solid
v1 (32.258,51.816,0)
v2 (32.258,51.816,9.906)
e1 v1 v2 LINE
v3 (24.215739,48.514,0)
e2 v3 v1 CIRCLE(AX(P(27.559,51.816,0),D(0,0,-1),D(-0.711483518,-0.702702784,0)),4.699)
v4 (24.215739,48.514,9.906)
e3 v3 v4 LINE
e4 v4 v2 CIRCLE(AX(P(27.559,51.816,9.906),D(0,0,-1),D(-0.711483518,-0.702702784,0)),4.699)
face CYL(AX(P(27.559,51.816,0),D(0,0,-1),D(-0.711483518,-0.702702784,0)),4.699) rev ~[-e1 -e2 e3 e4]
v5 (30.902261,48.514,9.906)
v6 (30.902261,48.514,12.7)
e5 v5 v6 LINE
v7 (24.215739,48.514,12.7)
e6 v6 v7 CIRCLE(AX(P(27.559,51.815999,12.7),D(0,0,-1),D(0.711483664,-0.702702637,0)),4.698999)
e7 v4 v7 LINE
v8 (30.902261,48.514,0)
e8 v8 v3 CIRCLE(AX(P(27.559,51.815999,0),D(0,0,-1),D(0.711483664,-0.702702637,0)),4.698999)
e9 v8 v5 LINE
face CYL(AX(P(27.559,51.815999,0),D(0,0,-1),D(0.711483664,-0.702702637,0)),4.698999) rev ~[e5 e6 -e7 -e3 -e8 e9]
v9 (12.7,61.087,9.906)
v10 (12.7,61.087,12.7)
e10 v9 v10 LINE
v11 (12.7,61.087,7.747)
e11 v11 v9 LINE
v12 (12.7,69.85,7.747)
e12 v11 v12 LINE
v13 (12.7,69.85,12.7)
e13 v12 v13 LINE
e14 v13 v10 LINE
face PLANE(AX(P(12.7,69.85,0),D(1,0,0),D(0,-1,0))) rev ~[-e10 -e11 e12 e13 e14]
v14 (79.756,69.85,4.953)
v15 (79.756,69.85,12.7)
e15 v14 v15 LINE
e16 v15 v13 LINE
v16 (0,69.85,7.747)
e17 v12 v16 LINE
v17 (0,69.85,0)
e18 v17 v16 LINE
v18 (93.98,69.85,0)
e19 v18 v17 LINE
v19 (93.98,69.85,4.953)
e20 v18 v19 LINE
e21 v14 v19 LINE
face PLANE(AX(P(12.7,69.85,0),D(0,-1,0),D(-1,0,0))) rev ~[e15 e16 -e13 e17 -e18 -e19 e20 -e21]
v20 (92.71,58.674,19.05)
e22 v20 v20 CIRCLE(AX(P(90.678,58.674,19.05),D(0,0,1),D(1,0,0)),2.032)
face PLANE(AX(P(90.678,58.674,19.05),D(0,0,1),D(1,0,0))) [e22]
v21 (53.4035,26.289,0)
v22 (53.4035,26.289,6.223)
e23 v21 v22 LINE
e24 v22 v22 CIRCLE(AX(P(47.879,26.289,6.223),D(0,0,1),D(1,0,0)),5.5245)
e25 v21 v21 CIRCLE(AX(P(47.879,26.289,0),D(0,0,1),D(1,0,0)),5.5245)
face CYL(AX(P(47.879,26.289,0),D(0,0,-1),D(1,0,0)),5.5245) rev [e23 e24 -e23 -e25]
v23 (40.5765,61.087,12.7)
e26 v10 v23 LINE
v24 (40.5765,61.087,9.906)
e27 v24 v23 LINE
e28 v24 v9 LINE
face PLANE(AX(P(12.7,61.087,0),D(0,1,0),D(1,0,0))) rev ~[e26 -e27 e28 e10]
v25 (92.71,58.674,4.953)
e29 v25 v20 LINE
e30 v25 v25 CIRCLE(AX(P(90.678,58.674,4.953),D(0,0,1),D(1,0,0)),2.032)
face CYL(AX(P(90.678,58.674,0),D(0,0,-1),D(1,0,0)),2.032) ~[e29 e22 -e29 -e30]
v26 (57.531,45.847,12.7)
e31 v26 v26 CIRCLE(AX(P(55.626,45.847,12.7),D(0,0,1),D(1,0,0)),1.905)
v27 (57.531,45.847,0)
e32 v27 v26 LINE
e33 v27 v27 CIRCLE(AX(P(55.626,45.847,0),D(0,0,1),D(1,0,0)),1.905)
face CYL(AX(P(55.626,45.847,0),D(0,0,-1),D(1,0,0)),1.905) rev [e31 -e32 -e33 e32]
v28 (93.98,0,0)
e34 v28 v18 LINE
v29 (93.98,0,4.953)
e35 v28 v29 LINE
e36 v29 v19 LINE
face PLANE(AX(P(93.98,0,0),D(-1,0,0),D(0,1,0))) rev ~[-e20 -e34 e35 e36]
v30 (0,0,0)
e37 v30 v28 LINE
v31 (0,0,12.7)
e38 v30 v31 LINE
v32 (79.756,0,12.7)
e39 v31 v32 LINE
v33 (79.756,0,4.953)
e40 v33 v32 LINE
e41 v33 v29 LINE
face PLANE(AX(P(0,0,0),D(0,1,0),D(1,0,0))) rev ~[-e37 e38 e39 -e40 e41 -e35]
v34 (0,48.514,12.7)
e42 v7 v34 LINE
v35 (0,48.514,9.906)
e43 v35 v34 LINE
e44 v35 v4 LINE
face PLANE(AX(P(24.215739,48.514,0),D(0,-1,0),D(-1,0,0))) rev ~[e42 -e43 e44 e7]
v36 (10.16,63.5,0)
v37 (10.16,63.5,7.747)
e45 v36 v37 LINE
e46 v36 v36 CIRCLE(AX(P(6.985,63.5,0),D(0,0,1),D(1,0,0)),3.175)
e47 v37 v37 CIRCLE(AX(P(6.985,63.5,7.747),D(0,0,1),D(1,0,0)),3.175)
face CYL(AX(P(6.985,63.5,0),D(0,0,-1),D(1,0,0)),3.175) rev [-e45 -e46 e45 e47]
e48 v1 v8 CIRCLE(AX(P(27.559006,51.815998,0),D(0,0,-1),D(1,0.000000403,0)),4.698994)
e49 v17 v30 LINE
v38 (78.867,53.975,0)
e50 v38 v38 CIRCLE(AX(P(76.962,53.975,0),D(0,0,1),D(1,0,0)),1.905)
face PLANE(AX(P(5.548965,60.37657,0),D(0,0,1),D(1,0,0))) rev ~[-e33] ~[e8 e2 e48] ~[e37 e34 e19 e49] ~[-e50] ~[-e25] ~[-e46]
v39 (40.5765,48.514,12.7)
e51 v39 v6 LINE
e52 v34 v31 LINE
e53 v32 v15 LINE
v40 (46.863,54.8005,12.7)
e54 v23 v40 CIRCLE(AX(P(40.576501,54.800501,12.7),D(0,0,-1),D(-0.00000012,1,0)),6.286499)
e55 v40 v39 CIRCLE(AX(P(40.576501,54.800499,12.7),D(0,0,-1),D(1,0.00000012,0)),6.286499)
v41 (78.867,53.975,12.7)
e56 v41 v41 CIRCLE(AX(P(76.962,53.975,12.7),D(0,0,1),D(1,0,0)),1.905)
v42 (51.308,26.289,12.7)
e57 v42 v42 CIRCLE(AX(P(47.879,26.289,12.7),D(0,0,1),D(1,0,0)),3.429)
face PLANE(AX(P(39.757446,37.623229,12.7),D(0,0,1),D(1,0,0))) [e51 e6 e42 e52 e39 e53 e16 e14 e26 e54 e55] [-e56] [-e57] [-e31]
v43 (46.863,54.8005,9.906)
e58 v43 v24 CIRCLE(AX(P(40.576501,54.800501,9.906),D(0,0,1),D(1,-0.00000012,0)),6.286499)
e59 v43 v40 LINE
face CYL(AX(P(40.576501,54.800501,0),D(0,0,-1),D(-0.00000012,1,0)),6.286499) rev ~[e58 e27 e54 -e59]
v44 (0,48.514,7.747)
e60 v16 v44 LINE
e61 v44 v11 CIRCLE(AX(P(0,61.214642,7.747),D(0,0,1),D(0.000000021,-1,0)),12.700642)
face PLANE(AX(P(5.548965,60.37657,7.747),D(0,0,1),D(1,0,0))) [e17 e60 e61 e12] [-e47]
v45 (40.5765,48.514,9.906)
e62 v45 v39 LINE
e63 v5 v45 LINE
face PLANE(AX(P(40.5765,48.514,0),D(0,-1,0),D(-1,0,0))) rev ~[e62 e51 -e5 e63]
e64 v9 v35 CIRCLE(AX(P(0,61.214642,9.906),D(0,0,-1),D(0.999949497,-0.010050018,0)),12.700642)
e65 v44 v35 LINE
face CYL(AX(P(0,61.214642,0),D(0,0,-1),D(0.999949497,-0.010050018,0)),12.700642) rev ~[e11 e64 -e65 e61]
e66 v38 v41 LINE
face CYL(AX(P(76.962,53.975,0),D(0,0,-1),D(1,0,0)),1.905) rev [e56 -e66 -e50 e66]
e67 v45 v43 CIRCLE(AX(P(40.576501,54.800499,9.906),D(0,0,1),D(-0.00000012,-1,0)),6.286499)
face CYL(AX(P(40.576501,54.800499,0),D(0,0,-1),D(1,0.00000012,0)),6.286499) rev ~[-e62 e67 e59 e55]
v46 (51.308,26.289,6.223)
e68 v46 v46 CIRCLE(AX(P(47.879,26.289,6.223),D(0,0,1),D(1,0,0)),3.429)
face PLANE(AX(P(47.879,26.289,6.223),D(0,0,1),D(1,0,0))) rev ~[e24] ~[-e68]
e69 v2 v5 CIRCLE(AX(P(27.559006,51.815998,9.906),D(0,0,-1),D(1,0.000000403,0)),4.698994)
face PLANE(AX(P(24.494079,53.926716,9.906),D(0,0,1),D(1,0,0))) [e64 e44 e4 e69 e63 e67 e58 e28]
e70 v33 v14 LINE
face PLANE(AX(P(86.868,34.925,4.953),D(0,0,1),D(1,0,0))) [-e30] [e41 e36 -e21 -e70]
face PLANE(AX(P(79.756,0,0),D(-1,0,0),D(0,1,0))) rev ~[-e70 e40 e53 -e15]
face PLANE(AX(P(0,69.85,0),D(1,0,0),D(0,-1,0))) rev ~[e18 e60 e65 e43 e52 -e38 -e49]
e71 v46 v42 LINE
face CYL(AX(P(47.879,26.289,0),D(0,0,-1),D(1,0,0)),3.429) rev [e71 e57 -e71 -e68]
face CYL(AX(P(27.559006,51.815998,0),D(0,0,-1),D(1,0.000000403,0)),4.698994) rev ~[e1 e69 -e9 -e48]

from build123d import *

# Parameters (mm, degrees)
F0_W     = 14.224
F0_H     = 69.85
F0_R     = 2.032
F1_DEPTH = 4.953
F0_R_2   = 3.429
F0_R_3   = 1.905
F2_DEPTH = 12.7
F3_DEPTH = 9.906
F0_R_4   = 3.175
F4_DEPTH = 7.747
F5_DEPTH = 19.05
F6_R     = 5.5245
F6_R_2   = 3.429
F7_DEPTH = 6.223


with BuildPart() as f1:
    # F0 (on Top) → F1 (new body)
    with BuildSketch(Plane.XY):
        with Locations((86.868, 34.925)):
            Rectangle(F0_W, F0_H)
        with Locations((90.678, 58.674)):
            Circle(F0_R, mode=Mode.SUBTRACT)
    extrude(amount=F1_DEPTH)

    # F0 (on Top) → F2 (join)
    with BuildSketch(Plane.XY):
        with BuildLine():
            Line((0, 48.514), (0, 0))
            Line((0, 0), (79.756, 0))
            Line((79.756, 0), (79.756, 69.85))
            Line((79.756, 69.85), (12.7, 69.85))
            Line((12.7, 69.85), (12.7, 61.087))
            Line((12.7, 61.087), (40.5765, 61.087))
            ThreePointArc((40.5765, 61.087), (45.021727, 59.245727), (46.863, 54.8005))
            ThreePointArc((46.863, 54.8005), (45.021727, 50.355273), (40.5765, 48.514))
            Line((40.5765, 48.514), (30.902261, 48.514))
            ThreePointArc((30.902261, 48.514), (27.559, 47.117), (24.215739, 48.514))
            Line((24.215739, 48.514), (0, 48.514))
        make_face()
        with Locations((47.879, 26.289)):
            Circle(F0_R_2, mode=Mode.SUBTRACT)
        with Locations((55.626, 45.847)):
            Circle(F0_R_3, mode=Mode.SUBTRACT)
        with Locations((76.962, 53.975)):
            Circle(F0_R_3, mode=Mode.SUBTRACT)
    extrude(amount=F2_DEPTH)

    # F0 (on Top) → F3 (join)
    with BuildSketch(Plane.XY):
        with BuildLine():
            ThreePointArc((12.7, 61.087), (8.935468, 52.188917), (0, 48.514))
            Line((0, 48.514), (24.215739, 48.514))
            ThreePointArc((24.215739, 48.514), (25.774257, 56.162872), (32.258, 51.816))
            ThreePointArc((32.258, 51.816), (31.905872, 50.031257), (30.902261, 48.514))
            Line((30.902261, 48.514), (40.5765, 48.514))
            ThreePointArc((40.5765, 48.514), (45.021727, 50.355273), (46.863, 54.8005))
            ThreePointArc((46.863, 54.8005), (45.021727, 59.245727), (40.5765, 61.087))
            Line((40.5765, 61.087), (12.7, 61.087))
        make_face()
    extrude(amount=F3_DEPTH)

    # F0 (on Top) → F4 (join)
    with BuildSketch(Plane.XY):
        with BuildLine():
            Line((0, 69.85), (0, 48.514))
            ThreePointArc((0, 48.514), (8.935468, 52.188917), (12.7, 61.087))
            Line((12.7, 61.087), (12.7, 69.85))
            Line((12.7, 69.85), (0, 69.85))
        make_face()
        with Locations((6.985, 63.5)):
            Circle(F0_R_4, mode=Mode.SUBTRACT)
    extrude(amount=F4_DEPTH)

    # F0 (on Top) → F5 (join)
    with BuildSketch(Plane.XY):
        with Locations((90.678, 58.674)):
            Circle(F0_R)
    extrude(amount=F5_DEPTH)

    # F6 (on face) → F7 (cut)
    with BuildSketch(Plane.XY):
        with Locations((47.879, 26.289)):
            Circle(F6_R)
        with Locations((47.879, 26.289)):
            Circle(F6_R_2, mode=Mode.SUBTRACT)
    extrude(amount=F7_DEPTH, mode=Mode.SUBTRACT)


solid = f1.part
